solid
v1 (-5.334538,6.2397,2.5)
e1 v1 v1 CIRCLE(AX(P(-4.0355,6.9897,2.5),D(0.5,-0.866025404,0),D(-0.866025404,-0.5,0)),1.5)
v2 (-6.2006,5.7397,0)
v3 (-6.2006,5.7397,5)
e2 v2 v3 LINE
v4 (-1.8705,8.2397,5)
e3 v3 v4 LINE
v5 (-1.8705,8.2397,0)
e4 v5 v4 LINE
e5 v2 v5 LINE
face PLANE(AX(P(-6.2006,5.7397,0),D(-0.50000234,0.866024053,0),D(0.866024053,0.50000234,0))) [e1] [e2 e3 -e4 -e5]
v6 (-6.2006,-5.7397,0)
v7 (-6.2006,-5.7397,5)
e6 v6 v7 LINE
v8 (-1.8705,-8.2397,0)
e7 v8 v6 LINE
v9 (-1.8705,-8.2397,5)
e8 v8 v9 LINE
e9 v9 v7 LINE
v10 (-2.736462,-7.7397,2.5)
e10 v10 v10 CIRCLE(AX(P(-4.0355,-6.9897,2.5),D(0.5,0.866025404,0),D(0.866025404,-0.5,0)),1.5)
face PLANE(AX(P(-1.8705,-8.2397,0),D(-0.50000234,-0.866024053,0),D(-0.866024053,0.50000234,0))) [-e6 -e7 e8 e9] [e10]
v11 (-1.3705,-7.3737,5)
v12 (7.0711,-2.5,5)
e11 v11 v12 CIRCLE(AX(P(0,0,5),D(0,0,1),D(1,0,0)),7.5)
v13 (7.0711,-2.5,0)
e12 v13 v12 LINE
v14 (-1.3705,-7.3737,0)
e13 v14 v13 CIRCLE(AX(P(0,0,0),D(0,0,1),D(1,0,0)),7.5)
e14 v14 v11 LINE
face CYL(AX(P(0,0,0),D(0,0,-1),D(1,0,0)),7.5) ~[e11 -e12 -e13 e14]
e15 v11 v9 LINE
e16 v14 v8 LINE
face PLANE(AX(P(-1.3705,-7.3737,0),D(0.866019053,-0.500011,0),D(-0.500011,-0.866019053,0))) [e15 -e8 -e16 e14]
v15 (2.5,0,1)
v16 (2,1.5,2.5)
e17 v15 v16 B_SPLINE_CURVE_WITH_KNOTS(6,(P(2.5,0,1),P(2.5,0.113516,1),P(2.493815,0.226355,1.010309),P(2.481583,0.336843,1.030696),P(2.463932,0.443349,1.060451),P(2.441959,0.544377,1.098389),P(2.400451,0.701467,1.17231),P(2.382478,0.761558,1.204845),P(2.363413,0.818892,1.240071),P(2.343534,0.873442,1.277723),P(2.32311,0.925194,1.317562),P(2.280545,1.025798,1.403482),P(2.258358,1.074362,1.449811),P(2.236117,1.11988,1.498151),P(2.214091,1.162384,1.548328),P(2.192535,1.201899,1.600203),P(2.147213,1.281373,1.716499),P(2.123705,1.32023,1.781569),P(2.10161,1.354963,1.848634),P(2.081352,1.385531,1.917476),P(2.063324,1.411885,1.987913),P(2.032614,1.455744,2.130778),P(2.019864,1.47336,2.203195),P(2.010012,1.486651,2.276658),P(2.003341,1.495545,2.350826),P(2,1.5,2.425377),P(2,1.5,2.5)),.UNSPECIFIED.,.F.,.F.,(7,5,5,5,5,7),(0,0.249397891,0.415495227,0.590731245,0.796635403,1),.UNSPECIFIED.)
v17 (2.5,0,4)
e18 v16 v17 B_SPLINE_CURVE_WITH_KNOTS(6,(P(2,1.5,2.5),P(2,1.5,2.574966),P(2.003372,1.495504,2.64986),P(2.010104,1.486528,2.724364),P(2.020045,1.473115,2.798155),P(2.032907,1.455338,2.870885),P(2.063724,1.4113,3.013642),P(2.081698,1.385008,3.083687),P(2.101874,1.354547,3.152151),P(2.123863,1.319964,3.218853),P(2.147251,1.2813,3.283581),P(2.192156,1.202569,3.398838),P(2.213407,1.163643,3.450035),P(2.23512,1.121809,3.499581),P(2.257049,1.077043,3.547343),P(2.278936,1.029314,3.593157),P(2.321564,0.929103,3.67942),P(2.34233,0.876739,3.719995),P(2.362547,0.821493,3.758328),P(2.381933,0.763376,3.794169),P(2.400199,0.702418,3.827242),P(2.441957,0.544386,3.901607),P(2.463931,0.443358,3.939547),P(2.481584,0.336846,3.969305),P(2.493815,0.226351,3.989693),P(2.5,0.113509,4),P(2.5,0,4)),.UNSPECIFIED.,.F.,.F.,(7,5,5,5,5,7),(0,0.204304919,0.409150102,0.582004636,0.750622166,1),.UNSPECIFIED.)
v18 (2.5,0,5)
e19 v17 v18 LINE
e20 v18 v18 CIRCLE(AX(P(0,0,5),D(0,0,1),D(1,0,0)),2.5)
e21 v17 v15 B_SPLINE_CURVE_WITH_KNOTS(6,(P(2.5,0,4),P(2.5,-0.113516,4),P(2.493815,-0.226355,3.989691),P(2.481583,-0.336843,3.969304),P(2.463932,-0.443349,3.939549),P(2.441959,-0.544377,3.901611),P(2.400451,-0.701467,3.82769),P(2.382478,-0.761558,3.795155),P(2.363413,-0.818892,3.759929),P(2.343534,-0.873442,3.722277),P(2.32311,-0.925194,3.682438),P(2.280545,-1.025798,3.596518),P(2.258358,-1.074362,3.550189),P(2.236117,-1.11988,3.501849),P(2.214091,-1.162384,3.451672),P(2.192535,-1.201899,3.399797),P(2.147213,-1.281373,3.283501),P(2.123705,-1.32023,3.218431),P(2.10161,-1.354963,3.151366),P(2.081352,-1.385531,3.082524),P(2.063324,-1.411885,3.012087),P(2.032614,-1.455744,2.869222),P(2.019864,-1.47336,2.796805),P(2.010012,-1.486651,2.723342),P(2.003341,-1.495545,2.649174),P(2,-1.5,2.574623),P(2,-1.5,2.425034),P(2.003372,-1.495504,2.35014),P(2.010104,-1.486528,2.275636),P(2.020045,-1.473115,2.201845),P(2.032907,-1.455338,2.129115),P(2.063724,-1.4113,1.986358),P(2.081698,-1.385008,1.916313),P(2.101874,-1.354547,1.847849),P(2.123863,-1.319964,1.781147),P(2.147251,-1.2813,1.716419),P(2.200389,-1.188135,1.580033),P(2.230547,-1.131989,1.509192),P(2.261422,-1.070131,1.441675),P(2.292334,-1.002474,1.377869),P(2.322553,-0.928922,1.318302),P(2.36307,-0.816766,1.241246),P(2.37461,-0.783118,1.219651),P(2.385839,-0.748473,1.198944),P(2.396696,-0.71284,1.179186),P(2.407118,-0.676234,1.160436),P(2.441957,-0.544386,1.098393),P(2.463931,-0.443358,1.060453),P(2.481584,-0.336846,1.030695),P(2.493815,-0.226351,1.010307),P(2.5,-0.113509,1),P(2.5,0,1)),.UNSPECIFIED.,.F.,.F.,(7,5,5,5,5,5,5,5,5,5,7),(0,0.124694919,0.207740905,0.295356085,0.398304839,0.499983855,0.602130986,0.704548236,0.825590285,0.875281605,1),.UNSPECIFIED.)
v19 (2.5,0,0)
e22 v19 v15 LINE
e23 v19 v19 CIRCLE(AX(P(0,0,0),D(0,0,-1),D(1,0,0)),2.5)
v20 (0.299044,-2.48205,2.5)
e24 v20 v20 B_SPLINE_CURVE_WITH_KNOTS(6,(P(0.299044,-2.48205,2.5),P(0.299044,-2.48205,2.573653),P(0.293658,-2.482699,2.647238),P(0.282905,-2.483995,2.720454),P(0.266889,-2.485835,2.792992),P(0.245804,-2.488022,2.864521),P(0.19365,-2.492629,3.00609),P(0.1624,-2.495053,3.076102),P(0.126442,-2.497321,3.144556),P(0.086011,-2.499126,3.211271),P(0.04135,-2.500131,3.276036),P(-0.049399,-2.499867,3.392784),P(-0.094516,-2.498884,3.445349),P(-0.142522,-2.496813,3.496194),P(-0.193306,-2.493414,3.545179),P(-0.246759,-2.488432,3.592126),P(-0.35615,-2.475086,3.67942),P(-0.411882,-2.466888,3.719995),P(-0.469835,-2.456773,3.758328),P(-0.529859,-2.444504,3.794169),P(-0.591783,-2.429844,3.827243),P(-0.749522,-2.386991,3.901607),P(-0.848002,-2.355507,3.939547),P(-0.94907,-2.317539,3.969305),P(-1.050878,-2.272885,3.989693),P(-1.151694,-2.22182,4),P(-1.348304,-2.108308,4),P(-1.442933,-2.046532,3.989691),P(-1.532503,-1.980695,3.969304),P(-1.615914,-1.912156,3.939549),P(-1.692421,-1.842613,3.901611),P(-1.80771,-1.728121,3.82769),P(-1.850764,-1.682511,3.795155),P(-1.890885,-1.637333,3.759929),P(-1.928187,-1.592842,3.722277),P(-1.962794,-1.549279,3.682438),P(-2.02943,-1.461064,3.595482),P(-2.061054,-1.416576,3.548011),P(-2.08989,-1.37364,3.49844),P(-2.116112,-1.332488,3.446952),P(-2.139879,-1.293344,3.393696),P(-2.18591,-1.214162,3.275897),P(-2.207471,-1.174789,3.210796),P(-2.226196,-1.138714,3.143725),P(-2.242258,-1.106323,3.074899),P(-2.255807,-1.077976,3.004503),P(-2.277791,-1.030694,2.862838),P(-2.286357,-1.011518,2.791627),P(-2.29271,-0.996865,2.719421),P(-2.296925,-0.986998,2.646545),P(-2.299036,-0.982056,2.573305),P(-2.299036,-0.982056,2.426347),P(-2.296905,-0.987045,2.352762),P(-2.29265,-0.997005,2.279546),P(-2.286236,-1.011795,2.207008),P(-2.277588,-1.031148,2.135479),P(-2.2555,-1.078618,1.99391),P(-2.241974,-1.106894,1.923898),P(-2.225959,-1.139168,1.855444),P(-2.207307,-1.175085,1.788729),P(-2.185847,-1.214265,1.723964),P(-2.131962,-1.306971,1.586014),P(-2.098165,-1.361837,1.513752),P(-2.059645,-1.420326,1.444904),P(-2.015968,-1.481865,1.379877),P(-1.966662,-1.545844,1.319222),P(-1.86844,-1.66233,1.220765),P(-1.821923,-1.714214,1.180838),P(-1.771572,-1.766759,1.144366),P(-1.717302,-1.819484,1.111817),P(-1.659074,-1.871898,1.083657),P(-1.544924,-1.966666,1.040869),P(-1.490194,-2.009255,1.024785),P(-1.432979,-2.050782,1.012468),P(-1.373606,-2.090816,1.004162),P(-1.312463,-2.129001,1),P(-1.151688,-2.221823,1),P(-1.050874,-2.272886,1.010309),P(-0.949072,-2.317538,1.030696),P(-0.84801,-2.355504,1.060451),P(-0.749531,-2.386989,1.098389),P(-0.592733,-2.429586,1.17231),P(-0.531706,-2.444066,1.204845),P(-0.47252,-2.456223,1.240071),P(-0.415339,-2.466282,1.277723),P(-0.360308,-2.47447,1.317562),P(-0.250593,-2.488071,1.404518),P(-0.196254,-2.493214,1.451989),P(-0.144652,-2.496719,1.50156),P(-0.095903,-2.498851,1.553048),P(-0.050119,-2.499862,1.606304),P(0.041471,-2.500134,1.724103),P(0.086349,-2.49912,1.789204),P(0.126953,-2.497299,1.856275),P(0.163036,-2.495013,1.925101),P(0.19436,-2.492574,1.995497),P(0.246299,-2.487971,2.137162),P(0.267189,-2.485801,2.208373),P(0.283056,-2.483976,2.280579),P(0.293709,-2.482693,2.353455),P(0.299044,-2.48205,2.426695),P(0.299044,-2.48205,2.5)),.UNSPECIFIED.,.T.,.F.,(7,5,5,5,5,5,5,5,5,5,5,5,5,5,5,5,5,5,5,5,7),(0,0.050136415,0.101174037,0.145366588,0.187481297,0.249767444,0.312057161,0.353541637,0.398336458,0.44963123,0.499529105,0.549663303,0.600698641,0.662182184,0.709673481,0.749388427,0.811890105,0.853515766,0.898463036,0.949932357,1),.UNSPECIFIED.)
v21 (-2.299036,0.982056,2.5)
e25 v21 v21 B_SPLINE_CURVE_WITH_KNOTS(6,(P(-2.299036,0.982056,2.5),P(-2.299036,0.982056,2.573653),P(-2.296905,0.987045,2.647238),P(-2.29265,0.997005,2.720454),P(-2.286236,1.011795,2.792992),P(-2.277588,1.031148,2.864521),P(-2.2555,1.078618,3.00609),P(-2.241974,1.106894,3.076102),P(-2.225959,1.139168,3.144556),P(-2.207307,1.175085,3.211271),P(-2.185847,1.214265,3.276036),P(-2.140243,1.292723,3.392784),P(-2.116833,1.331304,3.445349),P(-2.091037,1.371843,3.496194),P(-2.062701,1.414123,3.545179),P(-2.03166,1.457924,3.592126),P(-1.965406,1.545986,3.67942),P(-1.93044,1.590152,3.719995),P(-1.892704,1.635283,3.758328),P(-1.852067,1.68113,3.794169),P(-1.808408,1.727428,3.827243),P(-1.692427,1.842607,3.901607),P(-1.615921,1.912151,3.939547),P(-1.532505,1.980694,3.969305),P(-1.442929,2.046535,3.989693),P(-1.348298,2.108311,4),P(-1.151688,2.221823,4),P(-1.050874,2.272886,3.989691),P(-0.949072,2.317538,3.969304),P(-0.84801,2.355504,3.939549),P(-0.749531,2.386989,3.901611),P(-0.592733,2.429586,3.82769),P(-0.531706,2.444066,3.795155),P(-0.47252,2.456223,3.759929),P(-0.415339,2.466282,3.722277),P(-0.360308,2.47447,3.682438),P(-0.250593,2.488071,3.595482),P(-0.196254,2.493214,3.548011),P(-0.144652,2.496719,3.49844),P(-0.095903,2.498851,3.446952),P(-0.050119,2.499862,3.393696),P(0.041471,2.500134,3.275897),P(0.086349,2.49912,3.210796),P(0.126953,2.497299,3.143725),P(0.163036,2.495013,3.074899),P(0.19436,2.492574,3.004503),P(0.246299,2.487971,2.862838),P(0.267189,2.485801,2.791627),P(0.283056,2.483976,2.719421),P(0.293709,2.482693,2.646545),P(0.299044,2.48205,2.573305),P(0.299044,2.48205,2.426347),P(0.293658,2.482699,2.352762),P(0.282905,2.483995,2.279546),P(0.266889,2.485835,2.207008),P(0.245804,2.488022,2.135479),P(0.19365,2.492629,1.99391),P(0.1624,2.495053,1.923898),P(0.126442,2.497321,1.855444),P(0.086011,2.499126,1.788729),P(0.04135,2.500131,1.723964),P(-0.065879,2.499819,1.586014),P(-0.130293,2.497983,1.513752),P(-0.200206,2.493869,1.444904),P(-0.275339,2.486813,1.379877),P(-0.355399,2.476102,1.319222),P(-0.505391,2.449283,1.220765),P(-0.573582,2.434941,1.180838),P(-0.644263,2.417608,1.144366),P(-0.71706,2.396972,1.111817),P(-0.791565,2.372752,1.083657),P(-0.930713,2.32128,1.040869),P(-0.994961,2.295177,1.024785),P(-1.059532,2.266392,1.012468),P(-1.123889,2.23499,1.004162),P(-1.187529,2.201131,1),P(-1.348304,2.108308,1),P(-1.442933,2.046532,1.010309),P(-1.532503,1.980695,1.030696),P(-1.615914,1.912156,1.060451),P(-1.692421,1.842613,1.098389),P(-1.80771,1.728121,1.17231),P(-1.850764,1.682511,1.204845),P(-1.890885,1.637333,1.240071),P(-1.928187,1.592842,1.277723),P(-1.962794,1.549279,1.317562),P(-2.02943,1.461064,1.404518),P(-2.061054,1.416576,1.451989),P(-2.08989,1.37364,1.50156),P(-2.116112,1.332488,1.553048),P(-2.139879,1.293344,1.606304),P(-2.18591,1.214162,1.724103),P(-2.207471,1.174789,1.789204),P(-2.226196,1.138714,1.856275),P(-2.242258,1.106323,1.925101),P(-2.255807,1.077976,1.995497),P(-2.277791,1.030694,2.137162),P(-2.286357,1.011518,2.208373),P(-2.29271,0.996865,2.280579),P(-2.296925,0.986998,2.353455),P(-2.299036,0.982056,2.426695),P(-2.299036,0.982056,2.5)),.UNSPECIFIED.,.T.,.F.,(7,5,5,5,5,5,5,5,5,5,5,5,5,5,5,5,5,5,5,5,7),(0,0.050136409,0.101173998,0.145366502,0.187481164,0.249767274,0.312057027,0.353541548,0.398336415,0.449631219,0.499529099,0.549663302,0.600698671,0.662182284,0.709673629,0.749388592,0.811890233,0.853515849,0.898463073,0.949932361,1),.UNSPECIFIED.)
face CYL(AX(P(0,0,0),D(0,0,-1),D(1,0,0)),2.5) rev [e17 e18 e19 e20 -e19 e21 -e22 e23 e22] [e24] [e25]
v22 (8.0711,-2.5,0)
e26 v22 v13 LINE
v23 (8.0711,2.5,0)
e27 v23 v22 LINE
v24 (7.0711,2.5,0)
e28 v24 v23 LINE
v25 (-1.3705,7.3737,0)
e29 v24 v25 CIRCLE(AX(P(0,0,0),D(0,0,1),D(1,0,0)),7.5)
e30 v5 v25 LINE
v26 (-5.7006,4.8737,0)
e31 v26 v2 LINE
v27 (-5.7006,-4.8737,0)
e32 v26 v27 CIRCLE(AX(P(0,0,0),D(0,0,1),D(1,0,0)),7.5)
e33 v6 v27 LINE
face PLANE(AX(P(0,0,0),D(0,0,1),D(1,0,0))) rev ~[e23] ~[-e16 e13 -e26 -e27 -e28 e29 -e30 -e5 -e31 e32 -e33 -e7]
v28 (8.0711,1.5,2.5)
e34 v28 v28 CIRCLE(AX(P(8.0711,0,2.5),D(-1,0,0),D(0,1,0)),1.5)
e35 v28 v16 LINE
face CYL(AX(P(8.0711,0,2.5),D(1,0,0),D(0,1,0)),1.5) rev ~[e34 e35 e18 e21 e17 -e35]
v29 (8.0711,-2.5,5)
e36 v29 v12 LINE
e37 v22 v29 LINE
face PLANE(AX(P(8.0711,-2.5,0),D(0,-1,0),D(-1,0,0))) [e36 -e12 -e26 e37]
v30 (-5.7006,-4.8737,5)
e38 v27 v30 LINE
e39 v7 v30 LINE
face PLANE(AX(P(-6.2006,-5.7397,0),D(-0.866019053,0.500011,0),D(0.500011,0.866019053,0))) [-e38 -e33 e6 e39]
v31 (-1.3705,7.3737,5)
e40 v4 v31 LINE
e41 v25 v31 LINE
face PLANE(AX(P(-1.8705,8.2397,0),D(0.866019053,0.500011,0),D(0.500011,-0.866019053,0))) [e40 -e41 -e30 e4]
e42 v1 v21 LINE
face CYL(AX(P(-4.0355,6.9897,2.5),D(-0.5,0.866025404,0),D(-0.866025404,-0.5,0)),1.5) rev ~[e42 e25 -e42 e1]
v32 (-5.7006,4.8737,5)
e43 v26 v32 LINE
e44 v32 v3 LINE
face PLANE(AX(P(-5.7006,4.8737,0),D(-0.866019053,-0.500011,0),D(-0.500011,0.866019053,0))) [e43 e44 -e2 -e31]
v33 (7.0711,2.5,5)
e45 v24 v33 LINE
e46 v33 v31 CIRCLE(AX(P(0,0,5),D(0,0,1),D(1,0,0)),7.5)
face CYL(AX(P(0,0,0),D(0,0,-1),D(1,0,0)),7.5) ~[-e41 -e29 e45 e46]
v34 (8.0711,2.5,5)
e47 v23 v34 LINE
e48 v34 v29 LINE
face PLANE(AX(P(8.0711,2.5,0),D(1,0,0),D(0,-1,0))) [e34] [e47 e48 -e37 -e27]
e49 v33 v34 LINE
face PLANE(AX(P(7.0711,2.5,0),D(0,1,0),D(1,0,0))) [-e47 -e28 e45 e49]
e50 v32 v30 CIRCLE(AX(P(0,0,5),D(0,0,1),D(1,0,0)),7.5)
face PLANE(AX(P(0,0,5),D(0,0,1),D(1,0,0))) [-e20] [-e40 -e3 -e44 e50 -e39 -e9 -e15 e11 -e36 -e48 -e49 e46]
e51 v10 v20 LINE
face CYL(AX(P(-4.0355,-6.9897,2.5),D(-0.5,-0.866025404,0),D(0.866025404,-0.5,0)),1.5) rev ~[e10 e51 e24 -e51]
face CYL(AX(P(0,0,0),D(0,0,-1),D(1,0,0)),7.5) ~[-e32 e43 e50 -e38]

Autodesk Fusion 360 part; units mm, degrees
sketch "Boceto1" plane through (0, 0, 0) normal (0, 0, 1) x (1, 0, 0)
  circle A0 centre (0, 0) radius 2.5
  circle A1 centre (0, 0) radius 7.5
  line L0 (0, 2.5) -> (7.0711, 2.5)
  line L1 (0, -2.5) -> (7.0711, -2.5)
  line L2 (7.0711, 2.5) -> (7.0711, -2.5)
  line L3 (7.0711, 2.5) -> (8.0711, 2.5)
  line L4 (8.0711, 2.5) -> (8.0711, -2.5)
  line L5 (8.0711, -2.5) -> (7.0711, -2.5)
  line L6 (-6.2006, 5.7397) -> (-1.8705, 8.2397)
  line L7 (-5.7006, 4.8737) -> (-6.2006, 5.7397)
  line L8 (-1.8705, 8.2397) -> (-1.3705, 7.3737)
  line L9 (-1.8705, -8.2397) -> (-6.2006, -5.7397)
  line L10 (-1.3705, -7.3737) -> (-1.8705, -8.2397)
  line L11 (-6.2006, -5.7397) -> (-5.7006, -4.8737)
  dimension "d1" = 5
  dimension "d2" = 15
  dimension "d3" = 1
  dimension "d5" = 360
extrude "Extruir1" add sketch "Boceto1" along normal blind 5 contours A0 L0 L1 L2 | A0 A1 L0 L1 | A1 L3 L4 L5 | A1 L2 | A1 L6 L7 L8 | A1 L9 L10 L11
sketch "Boceto2" plane through (-4.0355, -6.9897, 0) normal (-0.5, -0.866, 0) x (0.866, -0.5, 0)
  line L0 (-2.5, 0) -> (2.5, 0)
  line L1 (2.5, 0) -> (2.5, 5)
  line L2 (2.5, 5) -> (-2.5, 5)
  line L3 (-2.5, 5) -> (-2.5, 0)
  line L4 (-2.5, 5) -> (2.5, 0)
  line L5 (2.5, 5) -> (-2.5, 0)
  circle A0 centre (0, 2.5) radius 1.5
  dimension "d8" = 3
sketch "Boceto3" plane through (8.0711, 0, 0) normal (1, 0, 0) x (0, 1, 0)
  line L0 (-2.5, 0) -> (2.5, 0)
  line L1 (2.5, 0) -> (2.5, 5)
  line L2 (2.5, 5) -> (-2.5, 5)
  line L3 (-2.5, 5) -> (-2.5, 0)
  line L4 (-2.5, 5) -> (2.5, 0)
  line L5 (2.5, 5) -> (-2.5, 0)
  circle A0 centre (0, 2.5) radius 1.5
  dimension "d9" = 3
sketch "Boceto4" plane through (-4.0355, 6.9897, 0) normal (-0.5, 0.866, 0) x (-0.866, -0.5, 0)
  line L0 (-2.5, 0) -> (2.5, 0)
  line L1 (2.5, 0) -> (2.5, 5)
  line L2 (2.5, 5) -> (-2.5, 5)
  line L3 (-2.5, 5) -> (-2.5, 0)
  line L4 (2.5, 5) -> (-2.5, 0)
  line L5 (-2.5, 5) -> (2.5, 0)
  circle A0 centre (0, 2.5) radius 1.5
  dimension "d10" = 3
extrude "Extruir2" cut sketch "Boceto4" against normal blind 8 contours L4 L5 A0 | L4 L5 A0 | L4 L5 A0 | L4 L5 A0
extrude "Extruir3" cut sketch "Boceto2" against normal blind 8 contours L4 L5 A0 | L4 L5 A0 | L4 L5 A0 | L4 L5 A0
extrude "Extruir4" cut sketch "Boceto3" against normal blind 8 contours L4 L5 A0 | L4 L5 A0 | L4 L5 A0 | L4 L5 A0
